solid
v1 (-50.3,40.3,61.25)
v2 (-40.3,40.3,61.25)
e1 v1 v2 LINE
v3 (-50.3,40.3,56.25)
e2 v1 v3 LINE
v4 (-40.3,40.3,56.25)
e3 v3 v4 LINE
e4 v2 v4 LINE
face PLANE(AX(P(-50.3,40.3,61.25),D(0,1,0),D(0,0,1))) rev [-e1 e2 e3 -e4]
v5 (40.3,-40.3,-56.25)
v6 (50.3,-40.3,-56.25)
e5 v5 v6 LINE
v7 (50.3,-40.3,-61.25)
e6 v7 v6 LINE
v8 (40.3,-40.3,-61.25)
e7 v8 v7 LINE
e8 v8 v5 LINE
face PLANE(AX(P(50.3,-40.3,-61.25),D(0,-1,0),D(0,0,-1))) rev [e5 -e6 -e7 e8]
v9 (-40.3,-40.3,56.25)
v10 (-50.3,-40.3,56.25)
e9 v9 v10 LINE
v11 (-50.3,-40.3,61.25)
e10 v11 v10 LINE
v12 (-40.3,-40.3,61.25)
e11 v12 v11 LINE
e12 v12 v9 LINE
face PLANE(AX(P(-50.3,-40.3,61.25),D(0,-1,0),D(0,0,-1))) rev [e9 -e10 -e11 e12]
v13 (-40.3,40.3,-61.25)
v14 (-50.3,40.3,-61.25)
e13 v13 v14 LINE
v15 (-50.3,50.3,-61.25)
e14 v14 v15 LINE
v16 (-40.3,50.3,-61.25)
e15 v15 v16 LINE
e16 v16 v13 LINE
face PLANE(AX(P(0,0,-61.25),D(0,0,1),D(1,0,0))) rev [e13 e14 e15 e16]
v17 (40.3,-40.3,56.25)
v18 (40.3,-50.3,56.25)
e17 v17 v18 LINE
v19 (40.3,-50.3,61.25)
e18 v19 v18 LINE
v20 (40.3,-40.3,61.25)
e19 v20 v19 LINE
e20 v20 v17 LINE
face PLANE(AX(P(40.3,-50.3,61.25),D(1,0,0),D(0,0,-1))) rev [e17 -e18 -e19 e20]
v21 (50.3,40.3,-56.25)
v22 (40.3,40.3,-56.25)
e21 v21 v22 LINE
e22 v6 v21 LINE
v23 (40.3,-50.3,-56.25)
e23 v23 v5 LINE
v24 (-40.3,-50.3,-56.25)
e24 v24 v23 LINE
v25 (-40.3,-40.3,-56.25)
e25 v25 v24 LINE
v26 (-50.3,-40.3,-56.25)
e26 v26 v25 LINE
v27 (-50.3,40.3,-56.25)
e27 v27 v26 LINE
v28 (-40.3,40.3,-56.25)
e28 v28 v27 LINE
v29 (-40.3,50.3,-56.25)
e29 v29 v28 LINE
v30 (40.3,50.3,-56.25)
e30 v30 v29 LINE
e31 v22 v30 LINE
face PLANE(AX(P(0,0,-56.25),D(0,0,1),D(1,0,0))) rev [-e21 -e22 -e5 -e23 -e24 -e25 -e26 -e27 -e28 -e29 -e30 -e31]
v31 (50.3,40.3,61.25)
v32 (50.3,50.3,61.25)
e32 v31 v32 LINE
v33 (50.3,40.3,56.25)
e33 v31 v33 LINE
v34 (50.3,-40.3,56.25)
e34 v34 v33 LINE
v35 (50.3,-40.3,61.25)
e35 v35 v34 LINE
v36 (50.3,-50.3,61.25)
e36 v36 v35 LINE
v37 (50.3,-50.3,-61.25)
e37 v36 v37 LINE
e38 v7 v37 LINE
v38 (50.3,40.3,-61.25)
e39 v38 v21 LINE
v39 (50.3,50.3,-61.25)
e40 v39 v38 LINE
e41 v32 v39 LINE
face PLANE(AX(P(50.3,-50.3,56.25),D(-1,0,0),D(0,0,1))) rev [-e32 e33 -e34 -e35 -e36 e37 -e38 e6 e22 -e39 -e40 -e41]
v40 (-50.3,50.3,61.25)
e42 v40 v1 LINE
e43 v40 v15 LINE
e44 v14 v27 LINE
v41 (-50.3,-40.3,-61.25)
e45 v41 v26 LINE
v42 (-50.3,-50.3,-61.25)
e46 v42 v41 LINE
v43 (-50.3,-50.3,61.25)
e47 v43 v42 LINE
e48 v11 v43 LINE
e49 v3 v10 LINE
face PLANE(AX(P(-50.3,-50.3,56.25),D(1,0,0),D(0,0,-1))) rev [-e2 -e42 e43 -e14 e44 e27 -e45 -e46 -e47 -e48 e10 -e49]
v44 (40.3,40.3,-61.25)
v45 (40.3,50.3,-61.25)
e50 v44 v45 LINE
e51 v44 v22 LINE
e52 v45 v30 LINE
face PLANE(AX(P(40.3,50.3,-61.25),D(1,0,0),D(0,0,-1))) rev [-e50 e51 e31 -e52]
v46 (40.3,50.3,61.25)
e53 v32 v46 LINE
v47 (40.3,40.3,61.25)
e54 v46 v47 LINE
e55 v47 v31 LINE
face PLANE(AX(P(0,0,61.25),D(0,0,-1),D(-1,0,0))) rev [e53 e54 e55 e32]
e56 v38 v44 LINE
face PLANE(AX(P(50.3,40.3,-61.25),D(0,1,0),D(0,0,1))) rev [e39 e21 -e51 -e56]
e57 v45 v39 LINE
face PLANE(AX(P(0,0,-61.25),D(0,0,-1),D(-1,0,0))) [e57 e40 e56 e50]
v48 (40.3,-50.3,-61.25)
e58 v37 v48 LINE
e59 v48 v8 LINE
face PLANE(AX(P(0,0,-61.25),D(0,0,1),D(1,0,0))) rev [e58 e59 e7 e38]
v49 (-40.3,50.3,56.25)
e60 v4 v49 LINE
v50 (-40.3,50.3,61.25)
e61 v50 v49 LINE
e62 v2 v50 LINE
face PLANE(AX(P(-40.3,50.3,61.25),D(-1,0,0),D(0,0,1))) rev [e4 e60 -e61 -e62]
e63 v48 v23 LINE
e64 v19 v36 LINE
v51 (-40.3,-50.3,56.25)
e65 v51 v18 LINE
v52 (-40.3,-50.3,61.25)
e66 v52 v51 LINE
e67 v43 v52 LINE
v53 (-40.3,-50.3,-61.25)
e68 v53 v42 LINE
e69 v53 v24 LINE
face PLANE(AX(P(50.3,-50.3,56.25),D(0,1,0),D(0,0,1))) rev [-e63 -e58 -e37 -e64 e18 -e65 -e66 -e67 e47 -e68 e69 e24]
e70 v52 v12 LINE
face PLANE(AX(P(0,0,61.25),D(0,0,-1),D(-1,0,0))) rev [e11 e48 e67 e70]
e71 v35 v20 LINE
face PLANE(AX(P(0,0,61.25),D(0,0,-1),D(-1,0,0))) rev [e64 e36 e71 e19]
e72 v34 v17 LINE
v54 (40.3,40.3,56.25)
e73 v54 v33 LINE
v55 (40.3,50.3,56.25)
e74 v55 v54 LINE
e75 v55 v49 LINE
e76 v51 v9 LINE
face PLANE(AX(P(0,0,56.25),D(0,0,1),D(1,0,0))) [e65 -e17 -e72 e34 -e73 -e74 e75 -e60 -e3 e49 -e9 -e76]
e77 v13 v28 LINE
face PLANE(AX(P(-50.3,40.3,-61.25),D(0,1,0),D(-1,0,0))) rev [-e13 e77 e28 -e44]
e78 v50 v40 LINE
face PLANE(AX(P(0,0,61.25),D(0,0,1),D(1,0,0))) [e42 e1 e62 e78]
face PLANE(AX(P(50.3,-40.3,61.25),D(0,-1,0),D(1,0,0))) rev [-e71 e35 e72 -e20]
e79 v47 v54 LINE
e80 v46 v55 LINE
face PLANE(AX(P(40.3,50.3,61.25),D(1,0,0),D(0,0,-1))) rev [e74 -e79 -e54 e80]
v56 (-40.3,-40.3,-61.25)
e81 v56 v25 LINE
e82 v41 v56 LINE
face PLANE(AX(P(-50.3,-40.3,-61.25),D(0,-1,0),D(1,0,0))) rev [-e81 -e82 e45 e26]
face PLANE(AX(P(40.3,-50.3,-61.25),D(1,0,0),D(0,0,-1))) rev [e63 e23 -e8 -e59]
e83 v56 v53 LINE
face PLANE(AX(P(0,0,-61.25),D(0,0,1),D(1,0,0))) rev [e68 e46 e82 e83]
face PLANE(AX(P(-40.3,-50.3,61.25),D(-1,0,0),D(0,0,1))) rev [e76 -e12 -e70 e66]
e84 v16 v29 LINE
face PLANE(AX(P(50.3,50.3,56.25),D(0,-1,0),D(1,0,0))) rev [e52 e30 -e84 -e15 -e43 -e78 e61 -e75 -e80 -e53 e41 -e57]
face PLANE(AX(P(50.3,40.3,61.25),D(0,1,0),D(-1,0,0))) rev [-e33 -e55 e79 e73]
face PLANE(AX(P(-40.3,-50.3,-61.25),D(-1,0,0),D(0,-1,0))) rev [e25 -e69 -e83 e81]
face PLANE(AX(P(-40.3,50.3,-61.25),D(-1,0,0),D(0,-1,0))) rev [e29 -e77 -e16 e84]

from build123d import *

# Parameters (mm, degrees)
SKETCH1_W           = 100.6
SKETCH1_H           = 100.6
BOSS_EXTRUDE1_DEPTH = 56.25
SKETCH2_W           = 10
SKETCH2_H           = 10
BOSS_EXTRUDE2_DEPTH = 5
SKETCH3_W           = 10
SKETCH3_H           = 10
BOSS_EXTRUDE3_DEPTH = 5


with BuildPart() as part:
    # Sketch1 → Boss-Extrude1 (new, symmetric)
    with BuildSketch(Plane.XY):
        Rectangle(SKETCH1_W, SKETCH1_H)
    extrude(amount=BOSS_EXTRUDE1_DEPTH, both=True)

    # Sketch2 → Boss-Extrude2 (add)
    with BuildSketch(Plane.XY.offset(56.25)):
        with Locations((-45.3, 45.3)):
            Rectangle(SKETCH2_W, SKETCH2_H)
        with Locations((45.3, 45.3)):
            Rectangle(SKETCH2_W, SKETCH2_H)
        with Locations((45.3, -45.3)):
            Rectangle(SKETCH2_W, SKETCH2_H)
        with Locations((-45.3, -45.3)):
            Rectangle(SKETCH2_W, SKETCH2_H)
    extrude(amount=BOSS_EXTRUDE2_DEPTH)

    # Sketch3 → Boss-Extrude3 (add)
    with BuildSketch(Plane(origin=(0, 0, -56.25), x_dir=(-1, 0, 0), z_dir=(0, 0, -1))):
        with Locations((-45.3, 45.3)):
            Rectangle(SKETCH3_W, SKETCH3_H)
        with Locations((45.3, 45.3)):
            Rectangle(SKETCH3_W, SKETCH3_H)
        with Locations((45.3, -45.3)):
            Rectangle(SKETCH3_W, SKETCH3_H)
        with Locations((-45.3, -45.3)):
            Rectangle(SKETCH3_W, SKETCH3_H)
    extrude(amount=BOSS_EXTRUDE3_DEPTH)


solid = part.part
